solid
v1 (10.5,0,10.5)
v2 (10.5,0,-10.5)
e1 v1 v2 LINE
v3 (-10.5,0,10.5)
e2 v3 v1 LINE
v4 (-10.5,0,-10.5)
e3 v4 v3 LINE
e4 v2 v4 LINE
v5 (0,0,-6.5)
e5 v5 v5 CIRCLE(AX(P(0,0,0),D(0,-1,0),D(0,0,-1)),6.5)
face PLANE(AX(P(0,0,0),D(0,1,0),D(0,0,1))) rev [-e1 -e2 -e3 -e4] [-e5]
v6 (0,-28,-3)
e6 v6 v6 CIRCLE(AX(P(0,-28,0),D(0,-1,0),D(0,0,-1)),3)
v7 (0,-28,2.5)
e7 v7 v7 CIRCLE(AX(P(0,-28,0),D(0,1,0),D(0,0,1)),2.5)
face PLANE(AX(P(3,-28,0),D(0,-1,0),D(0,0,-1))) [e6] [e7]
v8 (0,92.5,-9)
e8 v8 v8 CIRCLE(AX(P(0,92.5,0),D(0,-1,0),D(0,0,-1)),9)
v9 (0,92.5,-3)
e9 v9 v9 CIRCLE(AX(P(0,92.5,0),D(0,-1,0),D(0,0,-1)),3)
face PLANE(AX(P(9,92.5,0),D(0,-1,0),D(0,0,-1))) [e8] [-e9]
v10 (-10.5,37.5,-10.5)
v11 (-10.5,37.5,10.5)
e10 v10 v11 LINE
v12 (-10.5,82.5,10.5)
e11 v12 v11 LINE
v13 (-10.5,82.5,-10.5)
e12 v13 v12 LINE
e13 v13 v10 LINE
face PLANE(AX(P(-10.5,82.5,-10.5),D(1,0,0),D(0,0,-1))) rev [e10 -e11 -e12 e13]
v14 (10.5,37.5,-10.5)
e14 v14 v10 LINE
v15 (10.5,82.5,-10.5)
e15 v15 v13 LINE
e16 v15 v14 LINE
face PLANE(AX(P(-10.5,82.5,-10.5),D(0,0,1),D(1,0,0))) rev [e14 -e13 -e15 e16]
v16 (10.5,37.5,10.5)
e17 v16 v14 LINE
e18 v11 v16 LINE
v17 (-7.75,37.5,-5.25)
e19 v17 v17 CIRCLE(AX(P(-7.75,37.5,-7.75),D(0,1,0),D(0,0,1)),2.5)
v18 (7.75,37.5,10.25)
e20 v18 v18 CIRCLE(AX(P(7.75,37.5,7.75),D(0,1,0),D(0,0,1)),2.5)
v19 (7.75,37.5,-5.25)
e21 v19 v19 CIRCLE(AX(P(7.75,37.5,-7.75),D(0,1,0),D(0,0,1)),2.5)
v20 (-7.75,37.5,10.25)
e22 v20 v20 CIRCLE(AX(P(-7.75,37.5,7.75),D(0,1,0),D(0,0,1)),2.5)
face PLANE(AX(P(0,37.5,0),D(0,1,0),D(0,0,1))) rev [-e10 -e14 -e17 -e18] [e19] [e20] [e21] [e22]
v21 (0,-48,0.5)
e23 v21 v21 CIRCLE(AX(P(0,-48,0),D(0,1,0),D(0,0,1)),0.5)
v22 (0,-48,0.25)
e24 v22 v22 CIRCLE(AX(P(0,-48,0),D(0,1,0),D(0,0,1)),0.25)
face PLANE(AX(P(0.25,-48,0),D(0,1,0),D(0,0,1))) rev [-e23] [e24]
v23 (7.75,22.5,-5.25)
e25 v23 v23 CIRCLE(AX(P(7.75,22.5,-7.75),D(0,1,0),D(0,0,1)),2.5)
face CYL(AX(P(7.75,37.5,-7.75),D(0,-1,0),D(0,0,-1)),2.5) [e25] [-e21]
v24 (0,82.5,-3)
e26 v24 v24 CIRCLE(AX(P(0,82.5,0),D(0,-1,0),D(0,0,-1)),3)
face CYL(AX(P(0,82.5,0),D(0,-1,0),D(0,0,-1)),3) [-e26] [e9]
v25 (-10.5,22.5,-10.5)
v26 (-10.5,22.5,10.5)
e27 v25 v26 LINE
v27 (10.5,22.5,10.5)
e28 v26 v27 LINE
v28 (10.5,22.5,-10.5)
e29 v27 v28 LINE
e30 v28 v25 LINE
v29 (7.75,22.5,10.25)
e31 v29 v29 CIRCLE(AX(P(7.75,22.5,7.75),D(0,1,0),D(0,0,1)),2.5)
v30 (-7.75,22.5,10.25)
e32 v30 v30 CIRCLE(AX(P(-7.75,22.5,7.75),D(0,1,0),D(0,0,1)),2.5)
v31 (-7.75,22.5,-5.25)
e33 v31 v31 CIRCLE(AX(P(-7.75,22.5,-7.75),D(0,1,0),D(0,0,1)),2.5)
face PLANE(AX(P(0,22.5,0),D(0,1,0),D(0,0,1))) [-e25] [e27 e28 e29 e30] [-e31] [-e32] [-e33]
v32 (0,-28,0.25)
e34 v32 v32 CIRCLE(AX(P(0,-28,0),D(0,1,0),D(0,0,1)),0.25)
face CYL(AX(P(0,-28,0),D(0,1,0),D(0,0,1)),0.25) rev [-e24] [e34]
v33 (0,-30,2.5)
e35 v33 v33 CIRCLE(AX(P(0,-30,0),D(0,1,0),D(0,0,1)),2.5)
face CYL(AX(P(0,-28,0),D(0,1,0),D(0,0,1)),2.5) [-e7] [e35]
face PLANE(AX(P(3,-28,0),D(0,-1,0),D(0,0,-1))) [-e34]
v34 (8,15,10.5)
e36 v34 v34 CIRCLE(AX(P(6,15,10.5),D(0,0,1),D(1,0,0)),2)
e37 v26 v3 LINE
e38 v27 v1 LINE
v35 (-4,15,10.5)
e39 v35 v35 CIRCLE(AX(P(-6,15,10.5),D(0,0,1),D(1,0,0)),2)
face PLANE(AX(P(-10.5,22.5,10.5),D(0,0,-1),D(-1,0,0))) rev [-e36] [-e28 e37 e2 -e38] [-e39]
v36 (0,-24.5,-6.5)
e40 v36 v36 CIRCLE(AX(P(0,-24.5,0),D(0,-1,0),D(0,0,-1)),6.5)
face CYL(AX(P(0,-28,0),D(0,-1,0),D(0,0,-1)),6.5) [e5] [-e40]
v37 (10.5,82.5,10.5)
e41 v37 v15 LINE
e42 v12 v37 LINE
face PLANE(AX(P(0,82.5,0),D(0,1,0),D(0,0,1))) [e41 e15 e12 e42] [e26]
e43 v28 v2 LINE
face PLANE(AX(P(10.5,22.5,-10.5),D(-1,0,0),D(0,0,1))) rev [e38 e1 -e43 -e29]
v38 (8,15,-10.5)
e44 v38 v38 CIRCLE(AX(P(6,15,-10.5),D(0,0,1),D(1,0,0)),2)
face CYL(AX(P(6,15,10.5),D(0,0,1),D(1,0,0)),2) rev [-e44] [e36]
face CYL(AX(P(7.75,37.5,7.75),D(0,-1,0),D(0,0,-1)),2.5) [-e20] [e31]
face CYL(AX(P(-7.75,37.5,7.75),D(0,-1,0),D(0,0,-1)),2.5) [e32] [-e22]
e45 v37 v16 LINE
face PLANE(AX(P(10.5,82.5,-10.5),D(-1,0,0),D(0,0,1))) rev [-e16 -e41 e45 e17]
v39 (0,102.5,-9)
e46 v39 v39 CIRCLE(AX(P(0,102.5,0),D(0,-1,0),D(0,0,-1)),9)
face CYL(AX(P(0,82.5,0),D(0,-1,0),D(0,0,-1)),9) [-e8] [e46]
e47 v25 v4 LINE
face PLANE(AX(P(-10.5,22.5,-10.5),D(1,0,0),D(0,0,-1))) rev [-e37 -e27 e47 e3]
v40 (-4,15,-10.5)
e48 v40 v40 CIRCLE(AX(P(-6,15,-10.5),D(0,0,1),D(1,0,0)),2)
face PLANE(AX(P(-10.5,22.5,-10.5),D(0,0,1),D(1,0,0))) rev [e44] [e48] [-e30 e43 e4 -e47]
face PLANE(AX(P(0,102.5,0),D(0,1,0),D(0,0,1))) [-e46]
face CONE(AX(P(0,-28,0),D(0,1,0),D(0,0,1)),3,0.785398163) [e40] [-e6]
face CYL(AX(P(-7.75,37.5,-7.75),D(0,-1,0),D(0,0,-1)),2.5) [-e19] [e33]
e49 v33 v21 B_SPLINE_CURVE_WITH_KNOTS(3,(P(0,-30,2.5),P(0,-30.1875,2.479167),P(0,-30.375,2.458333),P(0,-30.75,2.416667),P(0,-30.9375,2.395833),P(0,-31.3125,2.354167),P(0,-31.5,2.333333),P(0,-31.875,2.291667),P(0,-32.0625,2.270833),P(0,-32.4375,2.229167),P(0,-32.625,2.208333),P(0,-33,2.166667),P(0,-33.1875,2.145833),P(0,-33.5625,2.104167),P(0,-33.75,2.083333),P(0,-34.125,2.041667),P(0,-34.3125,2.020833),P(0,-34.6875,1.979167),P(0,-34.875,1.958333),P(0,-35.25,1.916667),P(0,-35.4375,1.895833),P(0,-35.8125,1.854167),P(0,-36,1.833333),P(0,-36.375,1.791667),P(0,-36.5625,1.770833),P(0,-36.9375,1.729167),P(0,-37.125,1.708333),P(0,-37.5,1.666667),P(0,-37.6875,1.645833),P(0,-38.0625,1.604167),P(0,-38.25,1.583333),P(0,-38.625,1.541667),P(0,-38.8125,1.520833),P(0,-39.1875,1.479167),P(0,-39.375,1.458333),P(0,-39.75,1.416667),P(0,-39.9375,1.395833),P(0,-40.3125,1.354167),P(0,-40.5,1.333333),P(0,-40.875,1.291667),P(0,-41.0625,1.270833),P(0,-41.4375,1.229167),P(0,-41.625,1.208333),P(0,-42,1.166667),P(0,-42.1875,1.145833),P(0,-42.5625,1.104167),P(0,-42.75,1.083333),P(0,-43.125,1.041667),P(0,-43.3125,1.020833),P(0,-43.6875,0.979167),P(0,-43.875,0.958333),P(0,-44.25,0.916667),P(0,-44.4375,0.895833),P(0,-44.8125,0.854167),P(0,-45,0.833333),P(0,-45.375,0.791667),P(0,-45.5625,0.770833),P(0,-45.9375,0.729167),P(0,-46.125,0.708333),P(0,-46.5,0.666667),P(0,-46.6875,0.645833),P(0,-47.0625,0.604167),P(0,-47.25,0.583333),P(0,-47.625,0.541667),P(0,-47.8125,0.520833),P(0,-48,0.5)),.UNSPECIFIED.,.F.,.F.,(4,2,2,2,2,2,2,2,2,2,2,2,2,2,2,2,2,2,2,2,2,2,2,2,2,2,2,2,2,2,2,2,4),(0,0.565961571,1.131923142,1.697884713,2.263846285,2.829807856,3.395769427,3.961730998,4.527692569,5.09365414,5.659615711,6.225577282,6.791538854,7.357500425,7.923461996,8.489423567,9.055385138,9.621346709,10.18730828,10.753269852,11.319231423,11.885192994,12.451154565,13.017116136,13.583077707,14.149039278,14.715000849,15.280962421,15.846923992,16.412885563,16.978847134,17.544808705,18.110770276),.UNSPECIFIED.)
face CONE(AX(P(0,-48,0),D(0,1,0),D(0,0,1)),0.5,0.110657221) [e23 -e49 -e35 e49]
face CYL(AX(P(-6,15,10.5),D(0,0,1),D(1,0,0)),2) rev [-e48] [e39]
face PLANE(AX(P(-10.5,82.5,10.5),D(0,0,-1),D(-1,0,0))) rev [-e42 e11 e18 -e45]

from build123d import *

# Parameters (mm, degrees)
SKETCH_1_W            = 21
SKETCH_1_H            = 21
EXTRUDE_279_DEPTH     = 22.5
HOLE_WIZARD_4_0_4_1_D = 4
SKETCH_9_R            = 2.5
EXTRUDE_1_DEPTH       = 15
SKETCH_10_W           = 21
SKETCH_10_H           = 21
EXTRUDE_2_DEPTH       = 45


with BuildPart() as part:
    # Эскиз1 → Extrude 279 (new body)
    with BuildSketch(Plane(origin=(0, 0, 0), x_dir=(1, 0, 0), z_dir=(0, 1, 0))):
        Rectangle(SKETCH_1_W, SKETCH_1_H)
    extrude(amount=EXTRUDE_279_DEPTH)

    # Эскиз2 → Повернуть1 (revolve)
    with BuildSketch(Plane.XY, mode=Mode.PRIVATE) as revolve_1_sk:
        Polygon((0, 0), (6.5, 0), (6.5, -24.5), (3, -28), (0, -28), align=None)
    revolve(revolve_1_sk.sketch.rotate(Axis((0, -28, 0), (0, 1, 0)), 90), axis=Axis((0, -28, 0), (0, 1, 0)))

    # Диаметр отверстия Ø4.0 (4)1 (through all)
    with Locations(Plane.XY.offset(10.5)):
        with Locations((-6, 15), (6, 15)):
            Hole(HOLE_WIZARD_4_0_4_1_D / 2)

    # Эскиз8 → Повернуть4 (revolve)
    with BuildSketch(Plane.XY, mode=Mode.PRIVATE) as revolve_4_sk:
        Polygon((0.25, -28), (2.5, -28), (2.5, -30), (0.5, -48), (0.25, -48), align=None)
    revolve(revolve_4_sk.sketch.rotate(Axis((0, -28, 0), (0, -1, 0)), 90), axis=Axis((0, -28, 0), (0, -1, 0)))

    # Эскиз9 → Бобышка-Вытянуть1 (add)
    with BuildSketch(Plane(origin=(0, 22.5, 0), x_dir=(1, 0, 0), z_dir=(0, 1, 0))):
        with Locations(Location((-7.75, 7.75, 0), (0, 0, 270))):
            Circle(SKETCH_9_R)
        with Locations(Location((7.75, 7.75, 0), (0, 0, 270))):
            Circle(SKETCH_9_R)
        with Locations(Location((7.75, -7.75, 0), (0, 0, 270))):
            Circle(SKETCH_9_R)
        with Locations(Location((-7.75, -7.75, 0), (0, 0, 270))):
            Circle(SKETCH_9_R)
    extrude(amount=EXTRUDE_1_DEPTH)

    # Эскиз10 → Бобышка-Вытянуть2 (add)
    with BuildSketch(Plane(origin=(0, 37.5, 0), x_dir=(1, 0, 0), z_dir=(0, 1, 0))):
        Rectangle(SKETCH_10_W, SKETCH_10_H)
    extrude(amount=EXTRUDE_2_DEPTH)

    # Эскиз7 → Повернуть3 (revolve)
    with BuildSketch(Plane.XY, mode=Mode.PRIVATE) as revolve_3_sk:
        Polygon((0, 82.5), (0, 102.5), (9, 102.5), (9, 92.5), (3, 92.5), (3, 82.5), align=None)
    revolve(revolve_3_sk.sketch.rotate(Axis((0, 82.5, 0), (0, 1, 0)), 90), axis=Axis((0, 82.5, 0), (0, 1, 0)))


solid = part.part
